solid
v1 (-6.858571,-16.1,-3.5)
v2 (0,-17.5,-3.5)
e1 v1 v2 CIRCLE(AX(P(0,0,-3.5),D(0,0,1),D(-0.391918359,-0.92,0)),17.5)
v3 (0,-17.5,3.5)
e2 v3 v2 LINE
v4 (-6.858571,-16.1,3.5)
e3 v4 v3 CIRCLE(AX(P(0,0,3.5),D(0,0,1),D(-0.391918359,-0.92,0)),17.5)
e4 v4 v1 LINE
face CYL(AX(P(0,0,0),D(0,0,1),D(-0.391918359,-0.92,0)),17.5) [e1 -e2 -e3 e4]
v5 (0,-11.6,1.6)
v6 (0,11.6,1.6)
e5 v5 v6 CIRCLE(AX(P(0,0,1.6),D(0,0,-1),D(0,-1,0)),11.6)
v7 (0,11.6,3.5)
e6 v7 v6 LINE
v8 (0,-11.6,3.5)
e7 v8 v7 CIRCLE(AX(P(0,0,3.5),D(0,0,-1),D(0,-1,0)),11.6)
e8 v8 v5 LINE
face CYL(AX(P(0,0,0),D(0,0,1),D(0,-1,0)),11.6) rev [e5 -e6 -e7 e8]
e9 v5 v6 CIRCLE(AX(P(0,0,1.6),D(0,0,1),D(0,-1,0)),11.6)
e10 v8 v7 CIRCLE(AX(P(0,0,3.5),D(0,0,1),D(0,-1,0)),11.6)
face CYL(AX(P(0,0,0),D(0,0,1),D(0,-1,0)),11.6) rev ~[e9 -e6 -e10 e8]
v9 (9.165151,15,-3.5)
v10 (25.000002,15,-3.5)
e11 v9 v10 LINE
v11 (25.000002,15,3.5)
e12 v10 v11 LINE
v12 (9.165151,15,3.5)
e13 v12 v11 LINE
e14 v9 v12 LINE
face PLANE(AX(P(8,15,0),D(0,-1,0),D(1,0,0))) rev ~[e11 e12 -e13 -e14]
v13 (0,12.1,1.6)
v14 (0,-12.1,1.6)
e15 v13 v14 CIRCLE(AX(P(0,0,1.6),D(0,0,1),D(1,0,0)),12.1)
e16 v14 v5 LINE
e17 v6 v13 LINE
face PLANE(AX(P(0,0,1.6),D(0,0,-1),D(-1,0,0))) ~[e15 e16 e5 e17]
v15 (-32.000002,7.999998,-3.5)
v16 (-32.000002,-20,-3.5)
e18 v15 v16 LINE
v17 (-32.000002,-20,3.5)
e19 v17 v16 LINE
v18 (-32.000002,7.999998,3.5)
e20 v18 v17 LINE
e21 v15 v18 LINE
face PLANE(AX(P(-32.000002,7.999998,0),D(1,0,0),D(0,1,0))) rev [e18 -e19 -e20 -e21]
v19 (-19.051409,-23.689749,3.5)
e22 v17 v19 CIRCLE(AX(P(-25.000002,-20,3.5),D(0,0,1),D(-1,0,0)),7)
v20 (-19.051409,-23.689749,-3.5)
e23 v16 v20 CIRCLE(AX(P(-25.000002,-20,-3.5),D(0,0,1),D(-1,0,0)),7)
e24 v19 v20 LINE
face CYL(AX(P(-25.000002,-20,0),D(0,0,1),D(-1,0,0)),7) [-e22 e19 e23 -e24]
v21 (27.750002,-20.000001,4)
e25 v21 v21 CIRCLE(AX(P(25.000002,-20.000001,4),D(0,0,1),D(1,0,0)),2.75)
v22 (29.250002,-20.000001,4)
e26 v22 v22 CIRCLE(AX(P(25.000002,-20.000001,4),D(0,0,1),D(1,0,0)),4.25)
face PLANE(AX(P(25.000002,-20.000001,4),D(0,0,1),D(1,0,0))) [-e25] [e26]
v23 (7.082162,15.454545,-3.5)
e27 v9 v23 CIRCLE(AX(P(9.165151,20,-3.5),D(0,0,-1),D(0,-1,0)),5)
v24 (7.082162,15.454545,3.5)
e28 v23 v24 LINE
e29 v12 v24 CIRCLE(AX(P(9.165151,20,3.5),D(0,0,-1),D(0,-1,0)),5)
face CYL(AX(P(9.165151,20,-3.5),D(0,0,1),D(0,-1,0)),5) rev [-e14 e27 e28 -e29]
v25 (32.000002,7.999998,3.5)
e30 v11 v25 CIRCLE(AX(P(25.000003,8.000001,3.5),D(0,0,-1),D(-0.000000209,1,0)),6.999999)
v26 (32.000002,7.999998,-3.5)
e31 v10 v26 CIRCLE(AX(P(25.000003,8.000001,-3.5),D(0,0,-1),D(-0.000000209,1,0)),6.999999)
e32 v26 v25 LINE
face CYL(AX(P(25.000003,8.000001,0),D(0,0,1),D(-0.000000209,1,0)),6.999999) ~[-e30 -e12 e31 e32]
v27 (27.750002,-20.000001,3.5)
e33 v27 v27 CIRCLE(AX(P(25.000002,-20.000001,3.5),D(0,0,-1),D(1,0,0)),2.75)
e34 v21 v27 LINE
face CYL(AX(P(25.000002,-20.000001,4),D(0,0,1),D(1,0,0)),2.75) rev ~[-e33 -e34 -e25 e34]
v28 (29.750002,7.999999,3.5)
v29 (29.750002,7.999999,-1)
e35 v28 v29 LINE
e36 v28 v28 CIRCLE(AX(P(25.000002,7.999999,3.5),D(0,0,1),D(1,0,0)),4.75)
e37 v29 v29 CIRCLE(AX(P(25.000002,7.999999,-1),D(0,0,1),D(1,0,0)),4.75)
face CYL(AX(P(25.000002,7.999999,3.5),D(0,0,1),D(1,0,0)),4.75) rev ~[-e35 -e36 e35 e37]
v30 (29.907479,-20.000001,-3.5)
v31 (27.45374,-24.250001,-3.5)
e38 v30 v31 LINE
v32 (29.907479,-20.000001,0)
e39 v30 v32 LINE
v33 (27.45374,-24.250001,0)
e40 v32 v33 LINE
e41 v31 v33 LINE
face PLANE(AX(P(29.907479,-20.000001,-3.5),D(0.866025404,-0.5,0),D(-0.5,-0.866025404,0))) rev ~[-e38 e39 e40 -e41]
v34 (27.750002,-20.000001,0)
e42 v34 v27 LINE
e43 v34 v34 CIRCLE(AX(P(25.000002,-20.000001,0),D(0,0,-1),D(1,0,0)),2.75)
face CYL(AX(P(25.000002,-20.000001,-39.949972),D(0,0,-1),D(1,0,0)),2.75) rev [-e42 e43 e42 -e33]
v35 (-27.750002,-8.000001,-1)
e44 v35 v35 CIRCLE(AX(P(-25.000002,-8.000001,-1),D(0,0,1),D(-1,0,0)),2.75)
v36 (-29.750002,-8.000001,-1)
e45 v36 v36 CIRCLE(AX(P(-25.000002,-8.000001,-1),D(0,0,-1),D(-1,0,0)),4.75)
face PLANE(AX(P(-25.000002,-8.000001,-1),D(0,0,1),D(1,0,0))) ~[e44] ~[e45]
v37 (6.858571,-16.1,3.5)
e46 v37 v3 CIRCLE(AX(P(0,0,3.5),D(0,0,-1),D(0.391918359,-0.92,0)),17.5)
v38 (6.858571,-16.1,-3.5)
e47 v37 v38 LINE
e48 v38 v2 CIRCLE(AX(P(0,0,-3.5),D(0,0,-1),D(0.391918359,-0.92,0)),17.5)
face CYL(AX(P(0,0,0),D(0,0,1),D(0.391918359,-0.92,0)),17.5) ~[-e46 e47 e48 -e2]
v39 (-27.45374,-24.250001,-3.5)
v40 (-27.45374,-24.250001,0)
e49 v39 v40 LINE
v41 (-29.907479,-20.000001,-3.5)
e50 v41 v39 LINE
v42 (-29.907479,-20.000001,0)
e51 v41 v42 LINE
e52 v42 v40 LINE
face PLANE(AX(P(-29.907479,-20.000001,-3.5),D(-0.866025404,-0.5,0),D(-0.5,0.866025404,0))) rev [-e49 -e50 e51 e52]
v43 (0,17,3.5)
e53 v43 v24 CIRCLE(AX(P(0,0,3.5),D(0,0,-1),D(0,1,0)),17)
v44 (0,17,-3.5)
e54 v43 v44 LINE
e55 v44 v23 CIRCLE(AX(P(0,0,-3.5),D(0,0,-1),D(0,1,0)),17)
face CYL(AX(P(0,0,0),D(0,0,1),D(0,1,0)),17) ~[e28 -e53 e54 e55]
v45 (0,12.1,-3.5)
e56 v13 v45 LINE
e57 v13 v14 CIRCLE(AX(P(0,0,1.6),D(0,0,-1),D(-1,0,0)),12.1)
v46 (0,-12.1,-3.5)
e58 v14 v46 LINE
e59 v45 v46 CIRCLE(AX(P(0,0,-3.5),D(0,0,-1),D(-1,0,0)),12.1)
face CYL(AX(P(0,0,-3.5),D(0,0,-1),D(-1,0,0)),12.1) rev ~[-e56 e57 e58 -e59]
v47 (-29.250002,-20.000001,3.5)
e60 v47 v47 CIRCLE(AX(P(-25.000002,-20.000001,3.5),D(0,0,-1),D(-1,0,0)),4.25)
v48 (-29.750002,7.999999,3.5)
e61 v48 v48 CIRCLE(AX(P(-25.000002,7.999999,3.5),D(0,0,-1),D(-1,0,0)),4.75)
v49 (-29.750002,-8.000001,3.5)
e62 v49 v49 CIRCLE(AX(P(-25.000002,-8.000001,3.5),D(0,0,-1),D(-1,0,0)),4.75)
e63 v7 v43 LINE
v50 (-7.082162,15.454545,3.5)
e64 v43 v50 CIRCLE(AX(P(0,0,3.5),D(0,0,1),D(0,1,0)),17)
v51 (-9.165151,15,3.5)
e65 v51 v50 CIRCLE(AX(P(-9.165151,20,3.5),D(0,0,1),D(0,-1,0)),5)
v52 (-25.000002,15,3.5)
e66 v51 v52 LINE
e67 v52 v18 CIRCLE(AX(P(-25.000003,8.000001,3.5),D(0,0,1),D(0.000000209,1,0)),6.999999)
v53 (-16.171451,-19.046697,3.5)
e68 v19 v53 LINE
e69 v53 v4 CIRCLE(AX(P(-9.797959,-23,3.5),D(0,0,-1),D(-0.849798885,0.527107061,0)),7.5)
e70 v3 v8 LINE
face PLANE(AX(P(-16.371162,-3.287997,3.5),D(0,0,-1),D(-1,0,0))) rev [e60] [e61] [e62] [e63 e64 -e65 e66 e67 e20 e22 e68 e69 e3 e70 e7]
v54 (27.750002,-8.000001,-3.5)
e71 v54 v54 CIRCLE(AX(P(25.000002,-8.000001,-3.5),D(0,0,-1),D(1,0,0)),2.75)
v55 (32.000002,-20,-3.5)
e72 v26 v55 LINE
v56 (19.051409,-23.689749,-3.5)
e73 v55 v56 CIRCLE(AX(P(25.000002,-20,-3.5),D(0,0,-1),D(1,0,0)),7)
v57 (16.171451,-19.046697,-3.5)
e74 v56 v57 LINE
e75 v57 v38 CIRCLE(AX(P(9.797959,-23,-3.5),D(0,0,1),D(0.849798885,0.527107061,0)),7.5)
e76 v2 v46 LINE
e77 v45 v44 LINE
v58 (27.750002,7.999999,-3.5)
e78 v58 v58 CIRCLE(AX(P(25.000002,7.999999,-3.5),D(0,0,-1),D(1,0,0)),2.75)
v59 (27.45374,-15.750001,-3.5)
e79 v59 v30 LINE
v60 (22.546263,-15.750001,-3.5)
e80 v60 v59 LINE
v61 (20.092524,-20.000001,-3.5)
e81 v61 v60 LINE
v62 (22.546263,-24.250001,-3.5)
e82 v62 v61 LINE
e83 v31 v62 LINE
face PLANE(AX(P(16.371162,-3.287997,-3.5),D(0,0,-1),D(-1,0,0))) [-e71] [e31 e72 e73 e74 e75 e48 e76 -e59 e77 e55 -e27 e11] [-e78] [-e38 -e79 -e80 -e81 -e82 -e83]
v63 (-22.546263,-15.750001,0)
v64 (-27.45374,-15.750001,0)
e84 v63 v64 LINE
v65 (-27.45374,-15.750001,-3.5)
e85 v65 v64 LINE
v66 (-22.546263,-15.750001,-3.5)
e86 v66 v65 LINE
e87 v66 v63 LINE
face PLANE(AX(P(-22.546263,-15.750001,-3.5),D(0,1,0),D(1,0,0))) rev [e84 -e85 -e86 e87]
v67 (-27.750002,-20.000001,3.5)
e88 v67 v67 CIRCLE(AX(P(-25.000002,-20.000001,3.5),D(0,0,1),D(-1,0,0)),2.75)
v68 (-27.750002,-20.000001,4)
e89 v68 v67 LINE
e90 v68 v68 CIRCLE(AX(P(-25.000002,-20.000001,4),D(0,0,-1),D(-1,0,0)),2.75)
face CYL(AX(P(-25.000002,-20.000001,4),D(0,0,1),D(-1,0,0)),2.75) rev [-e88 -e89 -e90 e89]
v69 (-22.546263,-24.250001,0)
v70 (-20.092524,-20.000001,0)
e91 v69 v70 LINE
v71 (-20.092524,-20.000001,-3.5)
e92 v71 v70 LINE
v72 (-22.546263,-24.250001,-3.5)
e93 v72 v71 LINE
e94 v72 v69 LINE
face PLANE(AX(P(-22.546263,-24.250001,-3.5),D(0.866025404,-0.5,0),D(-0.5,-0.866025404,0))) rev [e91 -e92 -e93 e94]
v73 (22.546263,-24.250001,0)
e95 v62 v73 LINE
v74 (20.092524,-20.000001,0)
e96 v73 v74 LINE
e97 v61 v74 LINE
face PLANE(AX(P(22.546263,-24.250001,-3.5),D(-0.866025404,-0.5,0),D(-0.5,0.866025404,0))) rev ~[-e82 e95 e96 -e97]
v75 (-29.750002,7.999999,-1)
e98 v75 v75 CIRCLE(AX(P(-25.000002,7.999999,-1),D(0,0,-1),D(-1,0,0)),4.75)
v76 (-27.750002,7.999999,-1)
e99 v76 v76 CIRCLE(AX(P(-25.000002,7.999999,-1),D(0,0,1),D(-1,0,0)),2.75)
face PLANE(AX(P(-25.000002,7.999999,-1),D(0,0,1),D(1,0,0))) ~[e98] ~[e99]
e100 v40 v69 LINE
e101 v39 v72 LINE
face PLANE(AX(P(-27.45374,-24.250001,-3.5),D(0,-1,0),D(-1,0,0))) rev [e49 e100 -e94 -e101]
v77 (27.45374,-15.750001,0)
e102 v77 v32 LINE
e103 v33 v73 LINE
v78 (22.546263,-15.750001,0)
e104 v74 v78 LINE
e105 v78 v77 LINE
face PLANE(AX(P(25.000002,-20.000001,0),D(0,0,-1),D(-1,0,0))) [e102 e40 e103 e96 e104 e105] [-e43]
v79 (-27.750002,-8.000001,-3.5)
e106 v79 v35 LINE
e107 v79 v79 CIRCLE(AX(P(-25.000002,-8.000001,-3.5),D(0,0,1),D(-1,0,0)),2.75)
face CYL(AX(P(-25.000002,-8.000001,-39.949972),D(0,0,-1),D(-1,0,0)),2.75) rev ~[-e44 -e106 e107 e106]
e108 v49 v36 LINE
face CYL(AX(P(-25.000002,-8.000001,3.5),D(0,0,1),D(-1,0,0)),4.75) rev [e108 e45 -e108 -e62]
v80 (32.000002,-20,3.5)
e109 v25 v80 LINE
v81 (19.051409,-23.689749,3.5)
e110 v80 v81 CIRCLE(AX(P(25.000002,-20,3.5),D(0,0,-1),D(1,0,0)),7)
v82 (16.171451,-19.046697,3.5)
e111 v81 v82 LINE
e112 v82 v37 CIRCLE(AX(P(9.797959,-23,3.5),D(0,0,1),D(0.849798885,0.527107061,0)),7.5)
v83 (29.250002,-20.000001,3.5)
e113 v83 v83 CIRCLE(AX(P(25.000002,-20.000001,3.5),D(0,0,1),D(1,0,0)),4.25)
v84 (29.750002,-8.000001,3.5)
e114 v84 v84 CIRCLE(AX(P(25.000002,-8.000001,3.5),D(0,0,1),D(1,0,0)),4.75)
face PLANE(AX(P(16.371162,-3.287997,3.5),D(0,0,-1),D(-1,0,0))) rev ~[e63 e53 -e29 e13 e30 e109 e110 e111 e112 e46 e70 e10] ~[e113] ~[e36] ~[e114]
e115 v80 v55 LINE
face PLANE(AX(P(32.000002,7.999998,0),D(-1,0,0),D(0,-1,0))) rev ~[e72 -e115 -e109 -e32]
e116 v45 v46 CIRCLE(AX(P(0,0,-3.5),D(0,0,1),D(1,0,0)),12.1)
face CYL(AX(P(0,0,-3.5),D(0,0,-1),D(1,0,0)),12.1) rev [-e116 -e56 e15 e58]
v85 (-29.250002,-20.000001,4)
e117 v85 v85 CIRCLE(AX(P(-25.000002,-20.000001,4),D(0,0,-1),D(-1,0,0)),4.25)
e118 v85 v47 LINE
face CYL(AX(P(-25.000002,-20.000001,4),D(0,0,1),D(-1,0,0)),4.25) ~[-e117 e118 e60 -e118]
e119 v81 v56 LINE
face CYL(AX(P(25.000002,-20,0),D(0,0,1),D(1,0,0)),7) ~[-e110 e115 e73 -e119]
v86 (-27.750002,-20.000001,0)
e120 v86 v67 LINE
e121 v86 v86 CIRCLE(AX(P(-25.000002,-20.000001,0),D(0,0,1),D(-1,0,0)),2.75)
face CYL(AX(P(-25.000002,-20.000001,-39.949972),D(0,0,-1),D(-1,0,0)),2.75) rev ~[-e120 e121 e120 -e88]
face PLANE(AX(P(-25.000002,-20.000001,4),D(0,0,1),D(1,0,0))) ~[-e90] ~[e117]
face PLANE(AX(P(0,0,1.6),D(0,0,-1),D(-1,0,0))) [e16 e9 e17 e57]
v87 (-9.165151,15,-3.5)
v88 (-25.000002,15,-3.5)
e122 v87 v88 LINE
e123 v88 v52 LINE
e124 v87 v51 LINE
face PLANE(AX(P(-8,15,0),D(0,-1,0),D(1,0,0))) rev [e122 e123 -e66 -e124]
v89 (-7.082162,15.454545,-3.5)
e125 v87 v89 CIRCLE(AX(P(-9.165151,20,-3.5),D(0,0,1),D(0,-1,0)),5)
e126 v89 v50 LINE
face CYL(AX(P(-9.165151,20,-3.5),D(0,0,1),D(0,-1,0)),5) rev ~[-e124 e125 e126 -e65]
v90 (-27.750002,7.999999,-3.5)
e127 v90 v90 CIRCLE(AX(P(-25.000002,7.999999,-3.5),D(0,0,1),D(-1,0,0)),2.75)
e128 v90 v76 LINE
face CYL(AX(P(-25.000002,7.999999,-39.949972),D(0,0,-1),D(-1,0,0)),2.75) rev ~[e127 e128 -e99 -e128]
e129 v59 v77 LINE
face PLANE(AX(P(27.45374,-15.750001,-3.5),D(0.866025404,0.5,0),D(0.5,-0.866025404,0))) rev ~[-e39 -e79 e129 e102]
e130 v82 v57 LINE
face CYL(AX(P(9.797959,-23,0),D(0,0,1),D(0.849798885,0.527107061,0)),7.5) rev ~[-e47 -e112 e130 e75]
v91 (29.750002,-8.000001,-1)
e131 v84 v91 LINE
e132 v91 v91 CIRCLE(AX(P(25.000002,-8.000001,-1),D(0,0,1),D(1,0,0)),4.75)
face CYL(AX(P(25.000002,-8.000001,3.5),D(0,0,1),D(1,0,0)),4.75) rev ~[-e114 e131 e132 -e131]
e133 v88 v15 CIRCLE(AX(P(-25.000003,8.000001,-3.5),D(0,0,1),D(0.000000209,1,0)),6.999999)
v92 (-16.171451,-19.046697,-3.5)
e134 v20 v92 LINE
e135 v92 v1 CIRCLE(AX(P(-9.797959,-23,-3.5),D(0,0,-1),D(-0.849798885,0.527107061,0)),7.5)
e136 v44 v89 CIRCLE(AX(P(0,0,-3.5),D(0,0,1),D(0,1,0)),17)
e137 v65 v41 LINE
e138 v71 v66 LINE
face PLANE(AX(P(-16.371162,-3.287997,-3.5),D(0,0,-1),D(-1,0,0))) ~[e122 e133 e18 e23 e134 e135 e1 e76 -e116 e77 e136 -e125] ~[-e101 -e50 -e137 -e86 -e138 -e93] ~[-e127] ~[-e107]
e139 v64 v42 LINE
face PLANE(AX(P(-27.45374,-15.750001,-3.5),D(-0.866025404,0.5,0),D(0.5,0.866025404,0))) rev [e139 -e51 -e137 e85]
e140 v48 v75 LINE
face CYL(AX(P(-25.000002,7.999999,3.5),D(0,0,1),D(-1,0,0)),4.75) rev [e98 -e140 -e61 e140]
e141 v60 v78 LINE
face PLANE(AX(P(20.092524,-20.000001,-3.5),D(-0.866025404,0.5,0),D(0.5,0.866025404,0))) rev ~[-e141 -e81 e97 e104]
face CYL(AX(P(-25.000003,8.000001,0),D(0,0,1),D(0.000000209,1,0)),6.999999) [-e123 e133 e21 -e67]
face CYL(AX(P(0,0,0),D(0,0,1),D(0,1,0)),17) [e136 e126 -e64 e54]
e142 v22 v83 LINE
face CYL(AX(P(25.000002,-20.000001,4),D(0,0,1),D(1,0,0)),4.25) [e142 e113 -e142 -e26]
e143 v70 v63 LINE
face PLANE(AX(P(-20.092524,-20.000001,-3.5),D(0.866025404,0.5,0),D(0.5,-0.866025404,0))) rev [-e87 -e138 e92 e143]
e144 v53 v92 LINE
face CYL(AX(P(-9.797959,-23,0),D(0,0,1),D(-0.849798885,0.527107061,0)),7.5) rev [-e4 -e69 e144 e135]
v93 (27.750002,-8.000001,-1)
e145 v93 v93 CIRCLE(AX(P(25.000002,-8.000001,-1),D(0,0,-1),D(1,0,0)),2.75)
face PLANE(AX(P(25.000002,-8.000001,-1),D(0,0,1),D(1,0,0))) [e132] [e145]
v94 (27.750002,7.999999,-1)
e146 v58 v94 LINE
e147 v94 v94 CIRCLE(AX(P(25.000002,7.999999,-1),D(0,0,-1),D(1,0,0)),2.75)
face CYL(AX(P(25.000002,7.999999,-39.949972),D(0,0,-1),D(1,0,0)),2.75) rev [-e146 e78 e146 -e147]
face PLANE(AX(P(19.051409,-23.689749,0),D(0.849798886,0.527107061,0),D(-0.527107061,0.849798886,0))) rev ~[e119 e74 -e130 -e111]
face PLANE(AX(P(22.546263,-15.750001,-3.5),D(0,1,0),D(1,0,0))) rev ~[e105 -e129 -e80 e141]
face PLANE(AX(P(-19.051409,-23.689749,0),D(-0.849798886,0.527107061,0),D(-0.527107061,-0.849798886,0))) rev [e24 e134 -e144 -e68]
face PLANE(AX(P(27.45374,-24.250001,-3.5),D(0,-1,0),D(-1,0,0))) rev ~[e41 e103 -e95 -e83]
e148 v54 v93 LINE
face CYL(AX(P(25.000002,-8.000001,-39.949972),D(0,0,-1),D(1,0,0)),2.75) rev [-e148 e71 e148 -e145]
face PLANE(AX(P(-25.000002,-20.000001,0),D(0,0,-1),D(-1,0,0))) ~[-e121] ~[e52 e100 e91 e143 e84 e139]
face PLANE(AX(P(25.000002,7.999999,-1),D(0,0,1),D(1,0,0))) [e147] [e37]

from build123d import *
from build123d.topology import SkipClean

# Parameters (mm, degrees)
BOSS_EXTRUDE1_DEPTH     = 3.5
CUT_EXTRUDE1_DEPTH      = 43.449971699
CUT_EXTRUDE1_DEPTH_BACK = 43.449971699
SKETCH3_R               = 2.75
SKETCH4_R               = 12.1
CUT_EXTRUDE2_DEPTH      = 5.1
BOSS_EXTRUDE2_START     = 0.5
SKETCH5_R               = 4.25
SKETCH5_R_2             = 2.75
BOSS_EXTRUDE2_DEPTH     = 0.5
SKETCH6_R               = 4.75
CUT_EXTRUDE3_DEPTH      = 4.5
FILLET1_R               = 5
CUT_EXTRUDE4_DEPTH      = 3.5


with BuildPart() as part:
    # Sketch1 → Boss-Extrude1 (new, symmetric)
    with BuildSketch(Plane.XY):
        with BuildLine():
            Line((32.00000152, 7.999997932), (32.00000152, -20))
            ThreePointArc((32.00000152, -20), (26.918315181, -26.732018471), (19.051409321, -23.689749429))
            Line((19.051409321, -23.689749429), (16.171450613, -19.04669704))
            ThreePointArc((16.171450613, -19.04669704), (12.060484849, -15.849407252), (6.85857128, -16.1))
            ThreePointArc((6.85857128, -16.1), (3.5, -17.146428199), (0, -17.5))
            Line((0, -17.5), (0, -11.6))
            ThreePointArc((0, -11.6), (11.6, 0), (0, 11.6))
            Line((0, 11.6), (0, 17))
            ThreePointArc((0, 17), (4.123105626, 16.492422502), (8, 15))
            Line((8, 15), (25.00000152, 15))
            ThreePointArc((25.00000152, 15), (29.949750451, 12.949746862), (32.00000152, 7.999997932))
        make_face()
    extrude(amount=BOSS_EXTRUDE1_DEPTH, both=True)

    # Sketch3 → Cut-Extrude1 (cut, two sides: drawn at the far end of the back side and taken through both)
    with BuildSketch(Plane.XY.offset(3.5).offset(-CUT_EXTRUDE1_DEPTH_BACK)):
        with Locations((25.00000152, 7.999998966)):
            Circle(SKETCH3_R)
        with Locations((25.00000152, -8.000001034)):
            Circle(SKETCH3_R)
        with Locations((25.00000152, -20.000001034)):
            Circle(SKETCH3_R)
    extrude(amount=CUT_EXTRUDE1_DEPTH + CUT_EXTRUDE1_DEPTH_BACK, mode=Mode.SUBTRACT)

    # Sketch4 → Cut-Extrude2 (cut)
    with BuildSketch(Plane(origin=(0, 0, -3.5), x_dir=(-1, 0, 0), z_dir=(0, 0, -1))):
        Circle(SKETCH4_R)
    extrude(amount=-CUT_EXTRUDE2_DEPTH, mode=Mode.SUBTRACT)

    # Sketch5 → Boss-Extrude2 (add)
    with BuildSketch(Plane.XY.offset(3.5).offset(BOSS_EXTRUDE2_START)):
        with Locations((25.00000152, -20.000001034)):
            Circle(SKETCH5_R)
        with Locations((25.00000152, -20.000001034)):
            Circle(SKETCH5_R_2, mode=Mode.SUBTRACT)
    extrude(amount=-BOSS_EXTRUDE2_DEPTH)

    # Sketch6 → Cut-Extrude3 (cut)
    with BuildSketch(Plane.XY.offset(3.5)):
        with Locations((25.00000152, -8.000001034)):
            Circle(SKETCH6_R)
        with Locations((25.00000152, 7.999998966)):
            Circle(SKETCH6_R)
    extrude(amount=-CUT_EXTRUDE3_DEPTH, mode=Mode.SUBTRACT)

    # Fillet1
    fillet1_edges = [part.edges().sort_by_distance(p)[0] for p in [
        (8, 15, 0),
    ]]
    fillet(fillet1_edges, radius=FILLET1_R)

    # Sketch8 → Cut-Extrude4 (cut)
    with BuildSketch(Plane(origin=(0, 0, -3.5), x_dir=(-1, 0, 0), z_dir=(0, 0, -1))):
        Polygon((-22.546262876, -15.750001034), (-27.453740164, -15.750001034), (-29.907478808, -20.000001034), (-27.453740164, -24.250001034), (-22.546262876, -24.250001034), (-20.092524232, -20.000001034), align=None)
    extrude(amount=-CUT_EXTRUDE4_DEPTH, mode=Mode.SUBTRACT)

    # Mirror2: part across plane


with BuildPart() as part_1:
    with SkipClean():  # the faces are left unmerged after this step: merging them gives an invalid solid
        add(part.part)
        add(part.part.mirror(Plane(origin=(0, 17, 3.5), x_dir=(0, 0, 1), z_dir=(1, 0, 0))))


solid = part_1.part
